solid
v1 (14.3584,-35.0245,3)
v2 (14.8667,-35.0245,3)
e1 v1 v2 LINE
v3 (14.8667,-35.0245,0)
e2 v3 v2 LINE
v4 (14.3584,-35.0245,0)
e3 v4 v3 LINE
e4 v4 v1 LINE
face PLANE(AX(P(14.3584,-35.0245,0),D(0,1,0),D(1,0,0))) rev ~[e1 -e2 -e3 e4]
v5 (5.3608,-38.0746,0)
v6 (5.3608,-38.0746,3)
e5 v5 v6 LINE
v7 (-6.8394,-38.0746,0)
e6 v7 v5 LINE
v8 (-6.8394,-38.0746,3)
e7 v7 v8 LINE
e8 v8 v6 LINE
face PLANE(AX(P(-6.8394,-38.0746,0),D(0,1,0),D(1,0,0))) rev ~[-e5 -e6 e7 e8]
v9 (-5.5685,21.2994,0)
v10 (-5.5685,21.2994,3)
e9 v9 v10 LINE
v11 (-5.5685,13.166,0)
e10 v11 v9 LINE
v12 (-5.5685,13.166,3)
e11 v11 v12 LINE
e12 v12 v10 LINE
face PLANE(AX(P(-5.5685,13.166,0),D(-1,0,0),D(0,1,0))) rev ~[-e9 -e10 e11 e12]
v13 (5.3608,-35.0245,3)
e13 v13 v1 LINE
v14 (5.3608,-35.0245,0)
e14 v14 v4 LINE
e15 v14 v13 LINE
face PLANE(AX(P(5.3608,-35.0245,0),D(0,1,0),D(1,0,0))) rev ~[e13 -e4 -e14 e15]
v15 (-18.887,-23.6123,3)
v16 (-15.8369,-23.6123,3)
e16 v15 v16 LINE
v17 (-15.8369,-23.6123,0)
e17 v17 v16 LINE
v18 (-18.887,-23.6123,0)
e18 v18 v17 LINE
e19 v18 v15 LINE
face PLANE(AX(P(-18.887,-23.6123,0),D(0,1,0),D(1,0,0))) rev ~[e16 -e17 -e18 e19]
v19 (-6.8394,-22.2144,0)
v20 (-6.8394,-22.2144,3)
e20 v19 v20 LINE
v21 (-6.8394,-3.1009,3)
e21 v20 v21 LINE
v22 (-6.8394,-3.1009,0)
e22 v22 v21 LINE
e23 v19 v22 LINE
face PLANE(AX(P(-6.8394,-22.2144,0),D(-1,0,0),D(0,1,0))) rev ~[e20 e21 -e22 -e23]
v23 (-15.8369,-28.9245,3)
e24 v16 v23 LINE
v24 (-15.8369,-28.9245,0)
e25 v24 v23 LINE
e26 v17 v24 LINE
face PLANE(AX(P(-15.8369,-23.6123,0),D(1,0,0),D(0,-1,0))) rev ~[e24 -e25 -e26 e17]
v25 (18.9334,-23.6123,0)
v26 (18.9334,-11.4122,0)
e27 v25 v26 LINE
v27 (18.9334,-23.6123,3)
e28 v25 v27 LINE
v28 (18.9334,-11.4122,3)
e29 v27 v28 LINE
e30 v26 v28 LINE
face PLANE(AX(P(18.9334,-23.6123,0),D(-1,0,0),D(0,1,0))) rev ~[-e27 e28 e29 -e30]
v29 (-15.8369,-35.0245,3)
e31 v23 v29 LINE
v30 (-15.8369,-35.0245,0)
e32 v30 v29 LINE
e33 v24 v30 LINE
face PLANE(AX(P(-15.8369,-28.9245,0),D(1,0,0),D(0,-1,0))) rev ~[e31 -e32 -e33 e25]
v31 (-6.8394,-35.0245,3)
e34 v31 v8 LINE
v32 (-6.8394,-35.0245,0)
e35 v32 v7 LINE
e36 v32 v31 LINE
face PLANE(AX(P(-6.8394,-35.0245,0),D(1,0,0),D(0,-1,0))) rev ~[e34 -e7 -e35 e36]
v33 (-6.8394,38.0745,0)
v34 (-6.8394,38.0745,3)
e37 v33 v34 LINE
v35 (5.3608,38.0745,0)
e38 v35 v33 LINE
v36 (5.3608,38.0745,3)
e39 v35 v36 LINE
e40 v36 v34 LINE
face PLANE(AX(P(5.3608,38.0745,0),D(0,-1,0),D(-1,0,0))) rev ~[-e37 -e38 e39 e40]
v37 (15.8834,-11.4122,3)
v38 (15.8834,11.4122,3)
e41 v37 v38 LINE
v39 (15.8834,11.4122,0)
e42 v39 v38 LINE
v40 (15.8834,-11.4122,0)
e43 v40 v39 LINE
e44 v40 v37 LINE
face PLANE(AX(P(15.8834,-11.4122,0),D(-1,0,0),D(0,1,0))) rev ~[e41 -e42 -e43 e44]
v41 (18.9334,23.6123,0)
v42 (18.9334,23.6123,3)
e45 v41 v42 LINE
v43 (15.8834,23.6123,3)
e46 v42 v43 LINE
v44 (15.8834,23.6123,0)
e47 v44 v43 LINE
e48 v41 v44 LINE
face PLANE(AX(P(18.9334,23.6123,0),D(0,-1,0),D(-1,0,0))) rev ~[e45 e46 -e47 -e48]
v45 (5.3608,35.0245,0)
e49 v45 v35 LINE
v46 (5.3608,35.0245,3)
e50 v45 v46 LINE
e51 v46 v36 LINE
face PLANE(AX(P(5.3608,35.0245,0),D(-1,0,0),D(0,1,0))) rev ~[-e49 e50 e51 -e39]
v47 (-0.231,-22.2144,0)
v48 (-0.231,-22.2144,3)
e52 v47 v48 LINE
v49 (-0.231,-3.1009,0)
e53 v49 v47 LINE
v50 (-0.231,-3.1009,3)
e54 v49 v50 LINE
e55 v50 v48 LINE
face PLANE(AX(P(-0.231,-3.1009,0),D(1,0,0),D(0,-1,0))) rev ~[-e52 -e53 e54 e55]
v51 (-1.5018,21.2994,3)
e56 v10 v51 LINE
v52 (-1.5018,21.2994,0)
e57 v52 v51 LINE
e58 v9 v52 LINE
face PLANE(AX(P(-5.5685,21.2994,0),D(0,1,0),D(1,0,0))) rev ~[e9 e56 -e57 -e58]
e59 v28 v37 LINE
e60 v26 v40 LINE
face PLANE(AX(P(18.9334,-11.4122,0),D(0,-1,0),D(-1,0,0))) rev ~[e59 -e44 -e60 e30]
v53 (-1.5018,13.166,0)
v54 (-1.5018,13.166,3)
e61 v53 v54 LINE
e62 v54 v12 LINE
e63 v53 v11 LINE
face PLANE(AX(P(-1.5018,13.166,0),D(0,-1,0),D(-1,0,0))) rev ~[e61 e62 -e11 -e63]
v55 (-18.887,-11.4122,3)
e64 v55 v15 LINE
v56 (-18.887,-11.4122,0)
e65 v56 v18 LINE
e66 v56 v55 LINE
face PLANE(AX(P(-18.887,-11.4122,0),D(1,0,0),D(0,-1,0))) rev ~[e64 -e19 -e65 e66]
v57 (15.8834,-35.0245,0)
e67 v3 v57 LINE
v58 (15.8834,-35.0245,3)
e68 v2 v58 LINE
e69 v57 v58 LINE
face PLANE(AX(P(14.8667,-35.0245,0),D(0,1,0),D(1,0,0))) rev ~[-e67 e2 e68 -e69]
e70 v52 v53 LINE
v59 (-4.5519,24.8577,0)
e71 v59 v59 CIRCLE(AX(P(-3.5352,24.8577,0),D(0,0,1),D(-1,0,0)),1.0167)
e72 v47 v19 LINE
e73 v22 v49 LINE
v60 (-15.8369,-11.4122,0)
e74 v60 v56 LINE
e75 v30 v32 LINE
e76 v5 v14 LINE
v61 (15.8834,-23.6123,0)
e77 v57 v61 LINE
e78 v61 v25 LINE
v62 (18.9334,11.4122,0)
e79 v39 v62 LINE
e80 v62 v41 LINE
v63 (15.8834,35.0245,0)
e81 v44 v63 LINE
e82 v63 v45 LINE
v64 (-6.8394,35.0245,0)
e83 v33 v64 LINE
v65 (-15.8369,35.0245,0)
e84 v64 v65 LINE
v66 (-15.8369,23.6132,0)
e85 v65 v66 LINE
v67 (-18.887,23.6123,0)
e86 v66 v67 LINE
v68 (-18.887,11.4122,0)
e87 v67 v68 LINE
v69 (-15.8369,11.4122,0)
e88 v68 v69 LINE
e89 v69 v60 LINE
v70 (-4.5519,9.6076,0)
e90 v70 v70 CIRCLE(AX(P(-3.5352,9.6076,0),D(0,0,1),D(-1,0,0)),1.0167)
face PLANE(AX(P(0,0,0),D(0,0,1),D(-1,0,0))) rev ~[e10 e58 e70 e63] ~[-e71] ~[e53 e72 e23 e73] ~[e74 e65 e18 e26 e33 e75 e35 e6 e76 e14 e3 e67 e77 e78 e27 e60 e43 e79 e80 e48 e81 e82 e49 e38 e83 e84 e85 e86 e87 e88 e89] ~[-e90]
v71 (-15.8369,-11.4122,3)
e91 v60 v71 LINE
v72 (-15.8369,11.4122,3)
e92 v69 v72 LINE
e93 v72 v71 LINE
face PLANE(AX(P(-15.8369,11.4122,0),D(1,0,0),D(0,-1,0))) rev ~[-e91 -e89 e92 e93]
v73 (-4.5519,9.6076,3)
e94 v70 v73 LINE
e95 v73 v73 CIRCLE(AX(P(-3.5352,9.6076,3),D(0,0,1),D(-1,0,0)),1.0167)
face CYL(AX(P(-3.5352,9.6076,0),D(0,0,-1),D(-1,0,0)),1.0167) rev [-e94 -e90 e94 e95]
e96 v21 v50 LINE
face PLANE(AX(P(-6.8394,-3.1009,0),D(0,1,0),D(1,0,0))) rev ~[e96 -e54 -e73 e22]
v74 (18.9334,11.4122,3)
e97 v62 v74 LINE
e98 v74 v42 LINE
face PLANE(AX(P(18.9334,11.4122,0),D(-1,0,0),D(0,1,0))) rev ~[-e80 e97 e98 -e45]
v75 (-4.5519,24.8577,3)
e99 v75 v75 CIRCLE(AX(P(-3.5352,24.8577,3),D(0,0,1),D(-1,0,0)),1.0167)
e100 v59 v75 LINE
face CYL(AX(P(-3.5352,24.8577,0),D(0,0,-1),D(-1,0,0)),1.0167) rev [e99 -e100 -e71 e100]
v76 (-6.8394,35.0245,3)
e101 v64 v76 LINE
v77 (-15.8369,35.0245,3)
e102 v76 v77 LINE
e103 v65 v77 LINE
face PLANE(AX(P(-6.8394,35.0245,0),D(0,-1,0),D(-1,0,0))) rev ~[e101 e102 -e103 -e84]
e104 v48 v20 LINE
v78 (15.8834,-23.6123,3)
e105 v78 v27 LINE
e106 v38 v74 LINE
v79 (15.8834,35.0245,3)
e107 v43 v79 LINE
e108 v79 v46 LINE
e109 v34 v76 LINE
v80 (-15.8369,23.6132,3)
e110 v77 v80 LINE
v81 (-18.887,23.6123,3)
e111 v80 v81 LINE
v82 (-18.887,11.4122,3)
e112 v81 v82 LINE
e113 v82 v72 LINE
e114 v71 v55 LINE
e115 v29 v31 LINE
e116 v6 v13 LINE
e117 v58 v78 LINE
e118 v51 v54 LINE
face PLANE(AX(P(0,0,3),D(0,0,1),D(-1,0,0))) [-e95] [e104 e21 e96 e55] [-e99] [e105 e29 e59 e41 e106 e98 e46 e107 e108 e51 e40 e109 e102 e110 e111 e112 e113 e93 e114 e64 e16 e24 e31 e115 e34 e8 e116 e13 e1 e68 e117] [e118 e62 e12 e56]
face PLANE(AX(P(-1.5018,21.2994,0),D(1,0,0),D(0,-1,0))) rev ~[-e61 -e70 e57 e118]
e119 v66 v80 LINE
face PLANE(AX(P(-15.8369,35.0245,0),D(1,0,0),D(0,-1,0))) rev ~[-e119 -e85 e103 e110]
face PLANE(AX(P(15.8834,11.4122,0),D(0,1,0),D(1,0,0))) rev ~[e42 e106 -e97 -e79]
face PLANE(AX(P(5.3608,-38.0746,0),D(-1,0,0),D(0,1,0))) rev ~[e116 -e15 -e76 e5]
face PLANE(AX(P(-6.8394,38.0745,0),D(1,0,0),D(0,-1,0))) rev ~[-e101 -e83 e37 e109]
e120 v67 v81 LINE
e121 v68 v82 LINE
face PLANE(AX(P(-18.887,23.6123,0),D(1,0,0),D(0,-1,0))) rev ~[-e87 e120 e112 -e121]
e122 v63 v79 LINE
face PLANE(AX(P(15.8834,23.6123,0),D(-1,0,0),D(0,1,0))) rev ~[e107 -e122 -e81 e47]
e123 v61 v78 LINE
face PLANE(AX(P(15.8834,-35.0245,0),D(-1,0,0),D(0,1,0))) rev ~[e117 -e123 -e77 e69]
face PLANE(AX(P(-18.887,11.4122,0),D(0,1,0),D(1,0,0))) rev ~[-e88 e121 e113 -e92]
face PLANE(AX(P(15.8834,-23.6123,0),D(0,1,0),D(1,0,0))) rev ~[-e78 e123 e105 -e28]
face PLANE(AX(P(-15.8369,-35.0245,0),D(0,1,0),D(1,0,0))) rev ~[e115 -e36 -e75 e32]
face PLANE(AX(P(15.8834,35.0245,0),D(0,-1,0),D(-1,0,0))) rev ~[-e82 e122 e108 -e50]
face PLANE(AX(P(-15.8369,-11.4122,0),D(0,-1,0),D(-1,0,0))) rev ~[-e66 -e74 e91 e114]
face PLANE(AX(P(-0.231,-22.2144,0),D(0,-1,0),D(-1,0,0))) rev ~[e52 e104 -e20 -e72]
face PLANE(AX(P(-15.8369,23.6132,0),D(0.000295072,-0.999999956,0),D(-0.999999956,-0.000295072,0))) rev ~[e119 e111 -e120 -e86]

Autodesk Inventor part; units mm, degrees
ref_plane "YZ Plane" through (0, 0, 0) normal (1, 0, 0) x (0, 1, 0)
ref_plane "XZ Plane" through (0, 0, 0) normal (0, 1, 0) x (-1, 0, 0)
ref_plane "XY Plane" through (0, 0, 0) normal (0, 0, 1) x (1, 0, 0)
sketch "Boceto1" plane through (0, 0, 0) normal (0, 0, 1) x (-1, 0, 0)
  line L0 (-15.8834, -11.4122) -> (-18.9334, -11.4122)
  line L1 (-18.9334, -11.4122) -> (-18.9334, -23.6123)
  line L2 (-18.9334, -23.6123) -> (-15.8834, -23.6123)
  line L3 (-15.8834, -23.6123) -> (-15.8834, -35.0245)
  line L4 (-15.8834, -35.0245) -> (-5.3608, -35.0245)
  line L5 (-5.3608, -35.0245) -> (-5.3608, -38.0745)
  line L6 (-5.3608, -38.0745) -> (6.8394, -38.0745)
  line L7 (6.8394, -38.0745) -> (6.8394, -35.0245)
  line L8 (6.8394, -35.0245) -> (15.8369, -35.0245)
  line L9 (15.8369, -35.0245) -> (15.8369, -23.6132)
  line L10 (15.8369, -23.6132) -> (18.887, -23.6123)
  line L11 (18.887, -23.6123) -> (18.887, -11.4122)
  line L12 (18.887, -11.4122) -> (15.8369, -11.4122)
  line L13 (15.8369, -11.4122) -> (15.8369, 11.4122)
  line L14 (15.8369, 11.4122) -> (18.887, 11.4122)
  line L15 (18.887, 11.4122) -> (18.887, 23.6123)
  line L16 (18.887, 23.6123) -> (15.8369, 23.6123)
  line L17 (15.8369, 23.6123) -> (15.8369, 28.9245)
  line L18 (15.8369, 28.9245) -> (15.8369, 35.0245)
  line L19 (15.8369, 35.0245) -> (6.8394, 35.0245)
  line L20 (6.8394, 35.0245) -> (6.8394, 38.0746)
  line L21 (6.8394, 38.0746) -> (-5.3608, 38.0746)
  line L22 (-5.3608, 38.0746) -> (-5.3608, 35.0245)
  line L23 (-5.3608, 35.0245) -> (-14.3584, 35.0245)
  line L24 (-14.3584, 35.0245) -> (-14.8667, 35.0245)
  line L25 (-14.8667, 35.0245) -> (-15.8834, 35.0245)
  line L26 (-15.8834, 35.0245) -> (-15.8834, 23.6123)
  line L27 (-15.8834, 23.6123) -> (-18.9334, 23.6123)
  line L28 (-18.9334, 23.6123) -> (-18.9334, 11.4122)
  line L29 (-18.9334, 11.4122) -> (-15.8834, 11.4122)
  line L30 (-15.8834, 11.4122) -> (-15.8834, -11.4122)
  line L31 (5.5685, -21.2994) -> (1.5018, -21.2994)
  line L32 (1.5018, -21.2994) -> (1.5018, -13.166)
  line L33 (1.5018, -13.166) -> (5.5685, -13.166)
  line L34 (5.5685, -13.166) -> (5.5685, -21.2994)
  line L35 (0.231, 3.1009) -> (0.231, 22.2144)
  line L36 (0.231, 22.2144) -> (6.8394, 22.2144)
  line L37 (6.8394, 22.2144) -> (6.8394, 3.1009)
  line L38 (6.8394, 3.1009) -> (0.231, 3.1009)
  circle A0 centre (3.5352, -9.6076) radius 1.0167
  circle A1 centre (3.5352, -24.8577) radius 1.0167
  point P0 (0, 0)
  dimension "d2" = 37.82
  dimension "d3" = 76.149
extrude "Extrusión1" add sketch "Boceto1" along normal blind 3
properties part number "costat4"
